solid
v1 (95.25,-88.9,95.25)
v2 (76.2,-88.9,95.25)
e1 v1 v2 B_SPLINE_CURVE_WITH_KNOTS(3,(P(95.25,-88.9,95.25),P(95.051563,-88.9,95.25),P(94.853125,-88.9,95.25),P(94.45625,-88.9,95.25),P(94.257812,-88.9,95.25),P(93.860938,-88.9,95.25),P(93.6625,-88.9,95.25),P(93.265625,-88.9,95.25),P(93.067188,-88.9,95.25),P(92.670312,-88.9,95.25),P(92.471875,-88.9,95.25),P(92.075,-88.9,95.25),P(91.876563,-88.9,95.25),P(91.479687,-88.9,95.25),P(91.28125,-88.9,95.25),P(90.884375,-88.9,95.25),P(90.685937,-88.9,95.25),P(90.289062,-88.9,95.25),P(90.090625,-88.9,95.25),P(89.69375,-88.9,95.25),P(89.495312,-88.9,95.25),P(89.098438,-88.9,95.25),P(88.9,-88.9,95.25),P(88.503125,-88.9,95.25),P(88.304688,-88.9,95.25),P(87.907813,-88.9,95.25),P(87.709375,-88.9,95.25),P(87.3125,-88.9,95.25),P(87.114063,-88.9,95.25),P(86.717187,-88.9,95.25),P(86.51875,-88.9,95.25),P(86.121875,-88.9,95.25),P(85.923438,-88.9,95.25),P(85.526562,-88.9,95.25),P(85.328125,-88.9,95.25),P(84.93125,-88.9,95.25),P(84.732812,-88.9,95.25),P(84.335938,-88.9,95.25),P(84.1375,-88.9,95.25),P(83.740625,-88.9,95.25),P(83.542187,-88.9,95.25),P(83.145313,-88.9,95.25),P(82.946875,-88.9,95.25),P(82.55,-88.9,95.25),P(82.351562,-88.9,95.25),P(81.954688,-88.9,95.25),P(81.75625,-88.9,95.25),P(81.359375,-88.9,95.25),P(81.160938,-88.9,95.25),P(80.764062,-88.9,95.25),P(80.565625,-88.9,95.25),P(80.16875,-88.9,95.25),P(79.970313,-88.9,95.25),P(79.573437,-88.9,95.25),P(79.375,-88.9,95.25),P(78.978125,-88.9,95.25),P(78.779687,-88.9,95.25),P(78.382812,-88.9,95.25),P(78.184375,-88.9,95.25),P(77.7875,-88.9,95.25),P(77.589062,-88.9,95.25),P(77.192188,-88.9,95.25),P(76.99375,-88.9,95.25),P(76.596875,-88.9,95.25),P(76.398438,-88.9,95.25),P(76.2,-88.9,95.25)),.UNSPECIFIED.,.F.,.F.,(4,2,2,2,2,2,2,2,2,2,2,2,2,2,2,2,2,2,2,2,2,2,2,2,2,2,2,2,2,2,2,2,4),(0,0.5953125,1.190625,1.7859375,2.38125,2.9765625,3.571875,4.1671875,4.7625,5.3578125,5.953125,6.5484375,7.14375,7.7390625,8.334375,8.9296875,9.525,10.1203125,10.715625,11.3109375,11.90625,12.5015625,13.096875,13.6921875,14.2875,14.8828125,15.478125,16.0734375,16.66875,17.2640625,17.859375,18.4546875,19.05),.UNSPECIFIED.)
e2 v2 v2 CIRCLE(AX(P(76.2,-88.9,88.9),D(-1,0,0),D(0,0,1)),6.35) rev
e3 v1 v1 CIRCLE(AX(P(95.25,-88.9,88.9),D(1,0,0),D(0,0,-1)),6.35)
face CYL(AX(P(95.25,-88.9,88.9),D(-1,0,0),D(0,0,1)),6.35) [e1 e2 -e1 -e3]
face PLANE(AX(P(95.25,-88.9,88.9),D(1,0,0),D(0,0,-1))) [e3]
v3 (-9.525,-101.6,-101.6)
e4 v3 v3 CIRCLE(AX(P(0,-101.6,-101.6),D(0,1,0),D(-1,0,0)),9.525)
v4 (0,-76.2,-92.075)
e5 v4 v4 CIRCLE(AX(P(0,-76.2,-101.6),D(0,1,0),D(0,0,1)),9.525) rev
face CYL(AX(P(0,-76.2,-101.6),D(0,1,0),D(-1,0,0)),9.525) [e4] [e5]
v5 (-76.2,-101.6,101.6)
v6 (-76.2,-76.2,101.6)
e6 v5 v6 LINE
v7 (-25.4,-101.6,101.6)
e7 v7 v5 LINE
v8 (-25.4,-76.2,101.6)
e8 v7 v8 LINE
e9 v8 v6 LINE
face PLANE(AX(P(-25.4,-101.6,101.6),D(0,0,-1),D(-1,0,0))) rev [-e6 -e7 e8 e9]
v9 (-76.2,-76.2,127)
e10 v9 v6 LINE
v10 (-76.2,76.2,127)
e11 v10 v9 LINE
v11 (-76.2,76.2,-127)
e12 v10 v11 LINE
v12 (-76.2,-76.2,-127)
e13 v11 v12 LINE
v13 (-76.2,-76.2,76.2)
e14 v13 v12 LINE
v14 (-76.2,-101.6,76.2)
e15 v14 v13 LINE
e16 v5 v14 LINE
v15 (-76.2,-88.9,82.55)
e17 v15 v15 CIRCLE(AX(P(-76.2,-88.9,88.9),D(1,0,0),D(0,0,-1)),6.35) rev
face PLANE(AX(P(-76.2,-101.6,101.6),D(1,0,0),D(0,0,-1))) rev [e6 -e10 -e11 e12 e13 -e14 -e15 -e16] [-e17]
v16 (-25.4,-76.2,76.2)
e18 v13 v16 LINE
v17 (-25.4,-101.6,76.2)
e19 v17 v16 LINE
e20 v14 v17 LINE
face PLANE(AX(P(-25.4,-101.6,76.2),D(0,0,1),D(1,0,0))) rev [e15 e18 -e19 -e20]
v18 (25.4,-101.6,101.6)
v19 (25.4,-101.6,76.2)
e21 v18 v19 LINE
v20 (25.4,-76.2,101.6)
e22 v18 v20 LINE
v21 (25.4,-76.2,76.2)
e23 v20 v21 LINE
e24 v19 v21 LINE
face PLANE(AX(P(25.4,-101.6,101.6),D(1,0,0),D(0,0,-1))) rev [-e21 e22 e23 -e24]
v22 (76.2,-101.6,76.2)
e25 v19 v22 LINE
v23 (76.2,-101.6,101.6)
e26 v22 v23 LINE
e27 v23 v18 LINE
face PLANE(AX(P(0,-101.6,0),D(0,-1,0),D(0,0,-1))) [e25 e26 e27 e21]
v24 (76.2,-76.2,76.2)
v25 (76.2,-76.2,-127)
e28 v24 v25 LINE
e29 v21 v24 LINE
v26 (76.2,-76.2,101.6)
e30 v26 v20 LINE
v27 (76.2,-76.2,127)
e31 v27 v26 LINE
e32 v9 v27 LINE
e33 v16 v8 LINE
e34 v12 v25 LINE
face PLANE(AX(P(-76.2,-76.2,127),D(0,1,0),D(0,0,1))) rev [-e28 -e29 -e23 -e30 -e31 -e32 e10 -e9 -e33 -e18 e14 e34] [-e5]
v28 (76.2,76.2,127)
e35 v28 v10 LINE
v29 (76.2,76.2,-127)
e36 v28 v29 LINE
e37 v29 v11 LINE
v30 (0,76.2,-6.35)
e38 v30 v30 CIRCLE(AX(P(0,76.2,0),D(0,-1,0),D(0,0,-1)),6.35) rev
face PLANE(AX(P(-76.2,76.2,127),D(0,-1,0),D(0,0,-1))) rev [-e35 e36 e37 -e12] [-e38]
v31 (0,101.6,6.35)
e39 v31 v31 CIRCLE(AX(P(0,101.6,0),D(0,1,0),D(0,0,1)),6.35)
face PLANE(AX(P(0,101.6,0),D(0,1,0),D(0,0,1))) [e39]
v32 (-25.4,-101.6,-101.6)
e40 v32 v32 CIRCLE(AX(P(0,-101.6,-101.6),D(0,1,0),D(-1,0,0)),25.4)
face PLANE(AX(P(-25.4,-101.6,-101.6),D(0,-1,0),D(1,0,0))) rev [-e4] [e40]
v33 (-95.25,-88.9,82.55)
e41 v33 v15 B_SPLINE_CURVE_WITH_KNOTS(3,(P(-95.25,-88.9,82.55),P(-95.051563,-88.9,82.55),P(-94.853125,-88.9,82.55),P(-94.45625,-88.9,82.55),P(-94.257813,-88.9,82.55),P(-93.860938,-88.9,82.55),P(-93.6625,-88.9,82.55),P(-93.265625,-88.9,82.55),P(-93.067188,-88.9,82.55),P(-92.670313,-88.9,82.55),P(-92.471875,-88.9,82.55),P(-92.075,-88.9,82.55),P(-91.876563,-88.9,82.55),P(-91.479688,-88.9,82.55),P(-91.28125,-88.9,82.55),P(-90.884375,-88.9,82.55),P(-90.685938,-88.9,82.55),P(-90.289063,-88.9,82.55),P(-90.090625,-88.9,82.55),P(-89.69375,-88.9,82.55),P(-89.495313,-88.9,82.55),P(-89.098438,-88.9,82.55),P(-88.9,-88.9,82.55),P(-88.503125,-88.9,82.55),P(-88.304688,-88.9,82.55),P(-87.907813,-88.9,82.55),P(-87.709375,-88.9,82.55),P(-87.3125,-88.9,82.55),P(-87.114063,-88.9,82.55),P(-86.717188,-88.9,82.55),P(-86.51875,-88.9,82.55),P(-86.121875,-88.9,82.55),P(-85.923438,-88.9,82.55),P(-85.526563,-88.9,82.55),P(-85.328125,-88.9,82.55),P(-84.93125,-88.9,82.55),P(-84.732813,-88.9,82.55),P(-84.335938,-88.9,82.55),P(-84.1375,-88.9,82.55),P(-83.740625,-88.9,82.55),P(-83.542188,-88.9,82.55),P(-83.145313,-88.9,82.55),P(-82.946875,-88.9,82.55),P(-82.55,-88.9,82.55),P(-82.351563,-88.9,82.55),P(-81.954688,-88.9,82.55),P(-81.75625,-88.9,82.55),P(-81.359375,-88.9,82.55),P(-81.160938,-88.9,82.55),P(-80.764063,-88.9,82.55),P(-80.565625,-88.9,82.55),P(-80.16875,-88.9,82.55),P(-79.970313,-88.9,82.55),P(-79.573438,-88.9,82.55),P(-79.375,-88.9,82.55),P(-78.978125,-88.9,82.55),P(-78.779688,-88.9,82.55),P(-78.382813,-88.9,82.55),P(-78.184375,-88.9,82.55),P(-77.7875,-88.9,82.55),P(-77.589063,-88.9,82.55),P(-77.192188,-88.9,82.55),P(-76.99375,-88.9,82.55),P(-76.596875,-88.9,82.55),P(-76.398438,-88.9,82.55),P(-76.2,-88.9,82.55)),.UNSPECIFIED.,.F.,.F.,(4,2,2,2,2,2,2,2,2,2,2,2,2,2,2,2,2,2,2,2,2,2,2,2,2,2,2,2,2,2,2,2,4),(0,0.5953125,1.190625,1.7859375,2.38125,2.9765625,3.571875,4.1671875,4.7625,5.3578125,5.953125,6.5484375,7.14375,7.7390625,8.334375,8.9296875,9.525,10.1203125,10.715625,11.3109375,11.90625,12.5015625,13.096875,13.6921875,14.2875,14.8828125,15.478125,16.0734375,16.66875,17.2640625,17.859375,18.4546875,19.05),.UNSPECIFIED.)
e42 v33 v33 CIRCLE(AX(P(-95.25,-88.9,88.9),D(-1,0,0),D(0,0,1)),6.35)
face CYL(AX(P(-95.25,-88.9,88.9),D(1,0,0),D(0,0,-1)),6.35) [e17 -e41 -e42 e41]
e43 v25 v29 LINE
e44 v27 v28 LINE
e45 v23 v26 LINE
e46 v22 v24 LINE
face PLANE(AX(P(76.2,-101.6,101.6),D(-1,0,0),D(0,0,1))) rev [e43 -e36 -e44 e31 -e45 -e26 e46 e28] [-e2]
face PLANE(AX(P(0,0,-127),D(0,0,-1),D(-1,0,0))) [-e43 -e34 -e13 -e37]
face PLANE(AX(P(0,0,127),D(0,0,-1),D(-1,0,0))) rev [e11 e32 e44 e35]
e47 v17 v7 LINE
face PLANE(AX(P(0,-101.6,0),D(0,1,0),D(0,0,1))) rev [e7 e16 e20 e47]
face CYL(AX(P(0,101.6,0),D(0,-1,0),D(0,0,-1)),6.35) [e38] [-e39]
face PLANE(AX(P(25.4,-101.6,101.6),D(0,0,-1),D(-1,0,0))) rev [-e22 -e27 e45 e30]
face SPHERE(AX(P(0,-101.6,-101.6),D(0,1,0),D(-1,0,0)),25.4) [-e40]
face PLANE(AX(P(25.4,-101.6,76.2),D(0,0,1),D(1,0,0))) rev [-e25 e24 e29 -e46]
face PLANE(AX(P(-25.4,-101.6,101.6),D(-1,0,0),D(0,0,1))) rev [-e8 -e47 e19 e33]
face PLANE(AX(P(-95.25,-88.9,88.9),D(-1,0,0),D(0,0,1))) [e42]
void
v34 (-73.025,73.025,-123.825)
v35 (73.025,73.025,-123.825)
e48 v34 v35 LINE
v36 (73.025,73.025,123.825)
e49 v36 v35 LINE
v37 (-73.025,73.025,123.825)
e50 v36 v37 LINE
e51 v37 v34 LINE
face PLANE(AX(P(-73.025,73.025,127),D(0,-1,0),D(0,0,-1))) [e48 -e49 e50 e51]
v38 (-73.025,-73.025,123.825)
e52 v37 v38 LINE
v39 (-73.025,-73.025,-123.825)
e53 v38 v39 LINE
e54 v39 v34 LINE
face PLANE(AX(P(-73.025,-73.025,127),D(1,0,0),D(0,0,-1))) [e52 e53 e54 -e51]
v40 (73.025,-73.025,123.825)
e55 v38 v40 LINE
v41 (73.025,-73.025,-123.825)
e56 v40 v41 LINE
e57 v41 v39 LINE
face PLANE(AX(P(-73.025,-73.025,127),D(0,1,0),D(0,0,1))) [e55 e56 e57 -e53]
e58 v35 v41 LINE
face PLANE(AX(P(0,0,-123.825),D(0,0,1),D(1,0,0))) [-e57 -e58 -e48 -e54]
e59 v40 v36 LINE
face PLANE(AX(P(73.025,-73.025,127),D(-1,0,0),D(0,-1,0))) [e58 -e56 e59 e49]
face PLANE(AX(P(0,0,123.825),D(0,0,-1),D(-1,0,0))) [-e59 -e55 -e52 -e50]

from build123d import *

# Parameters (mm, degrees)
SKETCH1_W             = 152.4
SKETCH1_H             = 152.4
SKETCH1_W_2           = 146.05
SKETCH1_H_2           = 146.05
BOSS_EXTRUDE1_DEPTH   = 127
SKETCH2_W             = 146.05
SKETCH2_H             = 146.05
BOSS_EXTRUDE2_DEPTH   = 3.175
SKETCH3_W             = 146.05
SKETCH3_H             = 146.05
BOSS_EXTRUDE3_DEPTH   = 3.175
SKETCH4_W             = 50.8
SKETCH4_H             = 25.4
BOSS_EXTRUDE4_DEPTH   = 25.4
BOSS_EXTRUDE4_2_DEPTH = 25.4
SKETCH7_R             = 6.35
BOSS_EXTRUDE5_DEPTH   = 25.4
SKETCH8_R             = 6.35
BOSS_EXTRUDE6_DEPTH   = 19.05
SKETCH9_R             = 6.35
BOSS_EXTRUDE7_DEPTH   = 19.05


with BuildPart() as part:
    # Sketch1 → Boss-Extrude1 (new, symmetric)
    with BuildSketch(Plane.XY):
        Rectangle(SKETCH1_W, SKETCH1_H)
        Rectangle(SKETCH1_W_2, SKETCH1_H_2, mode=Mode.SUBTRACT)
    extrude(amount=BOSS_EXTRUDE1_DEPTH, both=True)

    # Sketch2 → Boss-Extrude2 (add)
    with BuildSketch(Plane.XY.offset(127)):
        Rectangle(SKETCH2_W, SKETCH2_H)
    extrude(amount=-BOSS_EXTRUDE2_DEPTH)

    # Sketch3 → Boss-Extrude3 (add)
    with BuildSketch(Plane(origin=(0, 0, -127), x_dir=(-1, 0, 0), z_dir=(0, 0, -1))):
        Rectangle(SKETCH3_W, SKETCH3_H)
    extrude(amount=-BOSS_EXTRUDE3_DEPTH)

    # Sketch6 → Revolve2 (revolve)
    with BuildSketch(Plane(origin=(0, 0, -101.6), x_dir=(-1, 0, 0), z_dir=(0, 0, -1))):
        with BuildLine():
            Line((0, -76.2), (0, -127))
            ThreePointArc((0, -127), (17.960512242, -119.560512242), (25.4, -101.6))
            Line((25.4, -101.6), (9.525, -101.6))
            Line((9.525, -101.6), (9.525, -76.2))
            Line((9.525, -76.2), (0, -76.2))
        make_face()
    revolve(axis=Axis((0, -76.2, -101.6), (0, -1, 0)))

    # Sketch7 → Boss-Extrude5 (add)
    with BuildSketch(Plane(origin=(0, 76.2, 0), x_dir=(1, 0, 0), z_dir=(0, 1, 0))):
        with Locations(Location((0, 0, 0), (0, 0, 90))):
            Circle(SKETCH7_R)
    extrude(amount=BOSS_EXTRUDE5_DEPTH)


with BuildPart() as body_2:
    # Sketch4 → Boss-Extrude4 (new body)
    with BuildSketch(Plane.XZ.offset(76.2)):
        with Locations((50.8, 88.9)):
            Rectangle(SKETCH4_W, SKETCH4_H)
    extrude(amount=BOSS_EXTRUDE4_DEPTH)


    add(part.part)  # Boss-Extrude6 merges part
    # Sketch8 → Boss-Extrude6 (add)
    with BuildSketch(Plane(origin=(76.2, 0, 0), x_dir=(0, 0, -1), z_dir=(1, 0, 0))):
        with Locations(Location((-88.9, -88.9, 0), (0, 0, 180))):
            Circle(SKETCH8_R)
    extrude(amount=BOSS_EXTRUDE6_DEPTH)


with BuildPart() as body_3:
    # Sketch4 → Boss-Extrude4 2 (new body)
    with BuildSketch(Plane.XZ.offset(76.2)):
        with Locations((-50.8, 88.9)):
            Rectangle(SKETCH4_W, SKETCH4_H)
    extrude(amount=BOSS_EXTRUDE4_2_DEPTH)


    add(body_2.part)  # Boss-Extrude7 merges body 2
    # Sketch9 → Boss-Extrude7 (add)
    with BuildSketch(Plane.ZY.offset(76.2)):
        with Locations(Location((88.9, -88.9, 0), (0, 0, 180))):
            Circle(SKETCH9_R)
    extrude(amount=BOSS_EXTRUDE7_DEPTH)


solid = body_3.part
